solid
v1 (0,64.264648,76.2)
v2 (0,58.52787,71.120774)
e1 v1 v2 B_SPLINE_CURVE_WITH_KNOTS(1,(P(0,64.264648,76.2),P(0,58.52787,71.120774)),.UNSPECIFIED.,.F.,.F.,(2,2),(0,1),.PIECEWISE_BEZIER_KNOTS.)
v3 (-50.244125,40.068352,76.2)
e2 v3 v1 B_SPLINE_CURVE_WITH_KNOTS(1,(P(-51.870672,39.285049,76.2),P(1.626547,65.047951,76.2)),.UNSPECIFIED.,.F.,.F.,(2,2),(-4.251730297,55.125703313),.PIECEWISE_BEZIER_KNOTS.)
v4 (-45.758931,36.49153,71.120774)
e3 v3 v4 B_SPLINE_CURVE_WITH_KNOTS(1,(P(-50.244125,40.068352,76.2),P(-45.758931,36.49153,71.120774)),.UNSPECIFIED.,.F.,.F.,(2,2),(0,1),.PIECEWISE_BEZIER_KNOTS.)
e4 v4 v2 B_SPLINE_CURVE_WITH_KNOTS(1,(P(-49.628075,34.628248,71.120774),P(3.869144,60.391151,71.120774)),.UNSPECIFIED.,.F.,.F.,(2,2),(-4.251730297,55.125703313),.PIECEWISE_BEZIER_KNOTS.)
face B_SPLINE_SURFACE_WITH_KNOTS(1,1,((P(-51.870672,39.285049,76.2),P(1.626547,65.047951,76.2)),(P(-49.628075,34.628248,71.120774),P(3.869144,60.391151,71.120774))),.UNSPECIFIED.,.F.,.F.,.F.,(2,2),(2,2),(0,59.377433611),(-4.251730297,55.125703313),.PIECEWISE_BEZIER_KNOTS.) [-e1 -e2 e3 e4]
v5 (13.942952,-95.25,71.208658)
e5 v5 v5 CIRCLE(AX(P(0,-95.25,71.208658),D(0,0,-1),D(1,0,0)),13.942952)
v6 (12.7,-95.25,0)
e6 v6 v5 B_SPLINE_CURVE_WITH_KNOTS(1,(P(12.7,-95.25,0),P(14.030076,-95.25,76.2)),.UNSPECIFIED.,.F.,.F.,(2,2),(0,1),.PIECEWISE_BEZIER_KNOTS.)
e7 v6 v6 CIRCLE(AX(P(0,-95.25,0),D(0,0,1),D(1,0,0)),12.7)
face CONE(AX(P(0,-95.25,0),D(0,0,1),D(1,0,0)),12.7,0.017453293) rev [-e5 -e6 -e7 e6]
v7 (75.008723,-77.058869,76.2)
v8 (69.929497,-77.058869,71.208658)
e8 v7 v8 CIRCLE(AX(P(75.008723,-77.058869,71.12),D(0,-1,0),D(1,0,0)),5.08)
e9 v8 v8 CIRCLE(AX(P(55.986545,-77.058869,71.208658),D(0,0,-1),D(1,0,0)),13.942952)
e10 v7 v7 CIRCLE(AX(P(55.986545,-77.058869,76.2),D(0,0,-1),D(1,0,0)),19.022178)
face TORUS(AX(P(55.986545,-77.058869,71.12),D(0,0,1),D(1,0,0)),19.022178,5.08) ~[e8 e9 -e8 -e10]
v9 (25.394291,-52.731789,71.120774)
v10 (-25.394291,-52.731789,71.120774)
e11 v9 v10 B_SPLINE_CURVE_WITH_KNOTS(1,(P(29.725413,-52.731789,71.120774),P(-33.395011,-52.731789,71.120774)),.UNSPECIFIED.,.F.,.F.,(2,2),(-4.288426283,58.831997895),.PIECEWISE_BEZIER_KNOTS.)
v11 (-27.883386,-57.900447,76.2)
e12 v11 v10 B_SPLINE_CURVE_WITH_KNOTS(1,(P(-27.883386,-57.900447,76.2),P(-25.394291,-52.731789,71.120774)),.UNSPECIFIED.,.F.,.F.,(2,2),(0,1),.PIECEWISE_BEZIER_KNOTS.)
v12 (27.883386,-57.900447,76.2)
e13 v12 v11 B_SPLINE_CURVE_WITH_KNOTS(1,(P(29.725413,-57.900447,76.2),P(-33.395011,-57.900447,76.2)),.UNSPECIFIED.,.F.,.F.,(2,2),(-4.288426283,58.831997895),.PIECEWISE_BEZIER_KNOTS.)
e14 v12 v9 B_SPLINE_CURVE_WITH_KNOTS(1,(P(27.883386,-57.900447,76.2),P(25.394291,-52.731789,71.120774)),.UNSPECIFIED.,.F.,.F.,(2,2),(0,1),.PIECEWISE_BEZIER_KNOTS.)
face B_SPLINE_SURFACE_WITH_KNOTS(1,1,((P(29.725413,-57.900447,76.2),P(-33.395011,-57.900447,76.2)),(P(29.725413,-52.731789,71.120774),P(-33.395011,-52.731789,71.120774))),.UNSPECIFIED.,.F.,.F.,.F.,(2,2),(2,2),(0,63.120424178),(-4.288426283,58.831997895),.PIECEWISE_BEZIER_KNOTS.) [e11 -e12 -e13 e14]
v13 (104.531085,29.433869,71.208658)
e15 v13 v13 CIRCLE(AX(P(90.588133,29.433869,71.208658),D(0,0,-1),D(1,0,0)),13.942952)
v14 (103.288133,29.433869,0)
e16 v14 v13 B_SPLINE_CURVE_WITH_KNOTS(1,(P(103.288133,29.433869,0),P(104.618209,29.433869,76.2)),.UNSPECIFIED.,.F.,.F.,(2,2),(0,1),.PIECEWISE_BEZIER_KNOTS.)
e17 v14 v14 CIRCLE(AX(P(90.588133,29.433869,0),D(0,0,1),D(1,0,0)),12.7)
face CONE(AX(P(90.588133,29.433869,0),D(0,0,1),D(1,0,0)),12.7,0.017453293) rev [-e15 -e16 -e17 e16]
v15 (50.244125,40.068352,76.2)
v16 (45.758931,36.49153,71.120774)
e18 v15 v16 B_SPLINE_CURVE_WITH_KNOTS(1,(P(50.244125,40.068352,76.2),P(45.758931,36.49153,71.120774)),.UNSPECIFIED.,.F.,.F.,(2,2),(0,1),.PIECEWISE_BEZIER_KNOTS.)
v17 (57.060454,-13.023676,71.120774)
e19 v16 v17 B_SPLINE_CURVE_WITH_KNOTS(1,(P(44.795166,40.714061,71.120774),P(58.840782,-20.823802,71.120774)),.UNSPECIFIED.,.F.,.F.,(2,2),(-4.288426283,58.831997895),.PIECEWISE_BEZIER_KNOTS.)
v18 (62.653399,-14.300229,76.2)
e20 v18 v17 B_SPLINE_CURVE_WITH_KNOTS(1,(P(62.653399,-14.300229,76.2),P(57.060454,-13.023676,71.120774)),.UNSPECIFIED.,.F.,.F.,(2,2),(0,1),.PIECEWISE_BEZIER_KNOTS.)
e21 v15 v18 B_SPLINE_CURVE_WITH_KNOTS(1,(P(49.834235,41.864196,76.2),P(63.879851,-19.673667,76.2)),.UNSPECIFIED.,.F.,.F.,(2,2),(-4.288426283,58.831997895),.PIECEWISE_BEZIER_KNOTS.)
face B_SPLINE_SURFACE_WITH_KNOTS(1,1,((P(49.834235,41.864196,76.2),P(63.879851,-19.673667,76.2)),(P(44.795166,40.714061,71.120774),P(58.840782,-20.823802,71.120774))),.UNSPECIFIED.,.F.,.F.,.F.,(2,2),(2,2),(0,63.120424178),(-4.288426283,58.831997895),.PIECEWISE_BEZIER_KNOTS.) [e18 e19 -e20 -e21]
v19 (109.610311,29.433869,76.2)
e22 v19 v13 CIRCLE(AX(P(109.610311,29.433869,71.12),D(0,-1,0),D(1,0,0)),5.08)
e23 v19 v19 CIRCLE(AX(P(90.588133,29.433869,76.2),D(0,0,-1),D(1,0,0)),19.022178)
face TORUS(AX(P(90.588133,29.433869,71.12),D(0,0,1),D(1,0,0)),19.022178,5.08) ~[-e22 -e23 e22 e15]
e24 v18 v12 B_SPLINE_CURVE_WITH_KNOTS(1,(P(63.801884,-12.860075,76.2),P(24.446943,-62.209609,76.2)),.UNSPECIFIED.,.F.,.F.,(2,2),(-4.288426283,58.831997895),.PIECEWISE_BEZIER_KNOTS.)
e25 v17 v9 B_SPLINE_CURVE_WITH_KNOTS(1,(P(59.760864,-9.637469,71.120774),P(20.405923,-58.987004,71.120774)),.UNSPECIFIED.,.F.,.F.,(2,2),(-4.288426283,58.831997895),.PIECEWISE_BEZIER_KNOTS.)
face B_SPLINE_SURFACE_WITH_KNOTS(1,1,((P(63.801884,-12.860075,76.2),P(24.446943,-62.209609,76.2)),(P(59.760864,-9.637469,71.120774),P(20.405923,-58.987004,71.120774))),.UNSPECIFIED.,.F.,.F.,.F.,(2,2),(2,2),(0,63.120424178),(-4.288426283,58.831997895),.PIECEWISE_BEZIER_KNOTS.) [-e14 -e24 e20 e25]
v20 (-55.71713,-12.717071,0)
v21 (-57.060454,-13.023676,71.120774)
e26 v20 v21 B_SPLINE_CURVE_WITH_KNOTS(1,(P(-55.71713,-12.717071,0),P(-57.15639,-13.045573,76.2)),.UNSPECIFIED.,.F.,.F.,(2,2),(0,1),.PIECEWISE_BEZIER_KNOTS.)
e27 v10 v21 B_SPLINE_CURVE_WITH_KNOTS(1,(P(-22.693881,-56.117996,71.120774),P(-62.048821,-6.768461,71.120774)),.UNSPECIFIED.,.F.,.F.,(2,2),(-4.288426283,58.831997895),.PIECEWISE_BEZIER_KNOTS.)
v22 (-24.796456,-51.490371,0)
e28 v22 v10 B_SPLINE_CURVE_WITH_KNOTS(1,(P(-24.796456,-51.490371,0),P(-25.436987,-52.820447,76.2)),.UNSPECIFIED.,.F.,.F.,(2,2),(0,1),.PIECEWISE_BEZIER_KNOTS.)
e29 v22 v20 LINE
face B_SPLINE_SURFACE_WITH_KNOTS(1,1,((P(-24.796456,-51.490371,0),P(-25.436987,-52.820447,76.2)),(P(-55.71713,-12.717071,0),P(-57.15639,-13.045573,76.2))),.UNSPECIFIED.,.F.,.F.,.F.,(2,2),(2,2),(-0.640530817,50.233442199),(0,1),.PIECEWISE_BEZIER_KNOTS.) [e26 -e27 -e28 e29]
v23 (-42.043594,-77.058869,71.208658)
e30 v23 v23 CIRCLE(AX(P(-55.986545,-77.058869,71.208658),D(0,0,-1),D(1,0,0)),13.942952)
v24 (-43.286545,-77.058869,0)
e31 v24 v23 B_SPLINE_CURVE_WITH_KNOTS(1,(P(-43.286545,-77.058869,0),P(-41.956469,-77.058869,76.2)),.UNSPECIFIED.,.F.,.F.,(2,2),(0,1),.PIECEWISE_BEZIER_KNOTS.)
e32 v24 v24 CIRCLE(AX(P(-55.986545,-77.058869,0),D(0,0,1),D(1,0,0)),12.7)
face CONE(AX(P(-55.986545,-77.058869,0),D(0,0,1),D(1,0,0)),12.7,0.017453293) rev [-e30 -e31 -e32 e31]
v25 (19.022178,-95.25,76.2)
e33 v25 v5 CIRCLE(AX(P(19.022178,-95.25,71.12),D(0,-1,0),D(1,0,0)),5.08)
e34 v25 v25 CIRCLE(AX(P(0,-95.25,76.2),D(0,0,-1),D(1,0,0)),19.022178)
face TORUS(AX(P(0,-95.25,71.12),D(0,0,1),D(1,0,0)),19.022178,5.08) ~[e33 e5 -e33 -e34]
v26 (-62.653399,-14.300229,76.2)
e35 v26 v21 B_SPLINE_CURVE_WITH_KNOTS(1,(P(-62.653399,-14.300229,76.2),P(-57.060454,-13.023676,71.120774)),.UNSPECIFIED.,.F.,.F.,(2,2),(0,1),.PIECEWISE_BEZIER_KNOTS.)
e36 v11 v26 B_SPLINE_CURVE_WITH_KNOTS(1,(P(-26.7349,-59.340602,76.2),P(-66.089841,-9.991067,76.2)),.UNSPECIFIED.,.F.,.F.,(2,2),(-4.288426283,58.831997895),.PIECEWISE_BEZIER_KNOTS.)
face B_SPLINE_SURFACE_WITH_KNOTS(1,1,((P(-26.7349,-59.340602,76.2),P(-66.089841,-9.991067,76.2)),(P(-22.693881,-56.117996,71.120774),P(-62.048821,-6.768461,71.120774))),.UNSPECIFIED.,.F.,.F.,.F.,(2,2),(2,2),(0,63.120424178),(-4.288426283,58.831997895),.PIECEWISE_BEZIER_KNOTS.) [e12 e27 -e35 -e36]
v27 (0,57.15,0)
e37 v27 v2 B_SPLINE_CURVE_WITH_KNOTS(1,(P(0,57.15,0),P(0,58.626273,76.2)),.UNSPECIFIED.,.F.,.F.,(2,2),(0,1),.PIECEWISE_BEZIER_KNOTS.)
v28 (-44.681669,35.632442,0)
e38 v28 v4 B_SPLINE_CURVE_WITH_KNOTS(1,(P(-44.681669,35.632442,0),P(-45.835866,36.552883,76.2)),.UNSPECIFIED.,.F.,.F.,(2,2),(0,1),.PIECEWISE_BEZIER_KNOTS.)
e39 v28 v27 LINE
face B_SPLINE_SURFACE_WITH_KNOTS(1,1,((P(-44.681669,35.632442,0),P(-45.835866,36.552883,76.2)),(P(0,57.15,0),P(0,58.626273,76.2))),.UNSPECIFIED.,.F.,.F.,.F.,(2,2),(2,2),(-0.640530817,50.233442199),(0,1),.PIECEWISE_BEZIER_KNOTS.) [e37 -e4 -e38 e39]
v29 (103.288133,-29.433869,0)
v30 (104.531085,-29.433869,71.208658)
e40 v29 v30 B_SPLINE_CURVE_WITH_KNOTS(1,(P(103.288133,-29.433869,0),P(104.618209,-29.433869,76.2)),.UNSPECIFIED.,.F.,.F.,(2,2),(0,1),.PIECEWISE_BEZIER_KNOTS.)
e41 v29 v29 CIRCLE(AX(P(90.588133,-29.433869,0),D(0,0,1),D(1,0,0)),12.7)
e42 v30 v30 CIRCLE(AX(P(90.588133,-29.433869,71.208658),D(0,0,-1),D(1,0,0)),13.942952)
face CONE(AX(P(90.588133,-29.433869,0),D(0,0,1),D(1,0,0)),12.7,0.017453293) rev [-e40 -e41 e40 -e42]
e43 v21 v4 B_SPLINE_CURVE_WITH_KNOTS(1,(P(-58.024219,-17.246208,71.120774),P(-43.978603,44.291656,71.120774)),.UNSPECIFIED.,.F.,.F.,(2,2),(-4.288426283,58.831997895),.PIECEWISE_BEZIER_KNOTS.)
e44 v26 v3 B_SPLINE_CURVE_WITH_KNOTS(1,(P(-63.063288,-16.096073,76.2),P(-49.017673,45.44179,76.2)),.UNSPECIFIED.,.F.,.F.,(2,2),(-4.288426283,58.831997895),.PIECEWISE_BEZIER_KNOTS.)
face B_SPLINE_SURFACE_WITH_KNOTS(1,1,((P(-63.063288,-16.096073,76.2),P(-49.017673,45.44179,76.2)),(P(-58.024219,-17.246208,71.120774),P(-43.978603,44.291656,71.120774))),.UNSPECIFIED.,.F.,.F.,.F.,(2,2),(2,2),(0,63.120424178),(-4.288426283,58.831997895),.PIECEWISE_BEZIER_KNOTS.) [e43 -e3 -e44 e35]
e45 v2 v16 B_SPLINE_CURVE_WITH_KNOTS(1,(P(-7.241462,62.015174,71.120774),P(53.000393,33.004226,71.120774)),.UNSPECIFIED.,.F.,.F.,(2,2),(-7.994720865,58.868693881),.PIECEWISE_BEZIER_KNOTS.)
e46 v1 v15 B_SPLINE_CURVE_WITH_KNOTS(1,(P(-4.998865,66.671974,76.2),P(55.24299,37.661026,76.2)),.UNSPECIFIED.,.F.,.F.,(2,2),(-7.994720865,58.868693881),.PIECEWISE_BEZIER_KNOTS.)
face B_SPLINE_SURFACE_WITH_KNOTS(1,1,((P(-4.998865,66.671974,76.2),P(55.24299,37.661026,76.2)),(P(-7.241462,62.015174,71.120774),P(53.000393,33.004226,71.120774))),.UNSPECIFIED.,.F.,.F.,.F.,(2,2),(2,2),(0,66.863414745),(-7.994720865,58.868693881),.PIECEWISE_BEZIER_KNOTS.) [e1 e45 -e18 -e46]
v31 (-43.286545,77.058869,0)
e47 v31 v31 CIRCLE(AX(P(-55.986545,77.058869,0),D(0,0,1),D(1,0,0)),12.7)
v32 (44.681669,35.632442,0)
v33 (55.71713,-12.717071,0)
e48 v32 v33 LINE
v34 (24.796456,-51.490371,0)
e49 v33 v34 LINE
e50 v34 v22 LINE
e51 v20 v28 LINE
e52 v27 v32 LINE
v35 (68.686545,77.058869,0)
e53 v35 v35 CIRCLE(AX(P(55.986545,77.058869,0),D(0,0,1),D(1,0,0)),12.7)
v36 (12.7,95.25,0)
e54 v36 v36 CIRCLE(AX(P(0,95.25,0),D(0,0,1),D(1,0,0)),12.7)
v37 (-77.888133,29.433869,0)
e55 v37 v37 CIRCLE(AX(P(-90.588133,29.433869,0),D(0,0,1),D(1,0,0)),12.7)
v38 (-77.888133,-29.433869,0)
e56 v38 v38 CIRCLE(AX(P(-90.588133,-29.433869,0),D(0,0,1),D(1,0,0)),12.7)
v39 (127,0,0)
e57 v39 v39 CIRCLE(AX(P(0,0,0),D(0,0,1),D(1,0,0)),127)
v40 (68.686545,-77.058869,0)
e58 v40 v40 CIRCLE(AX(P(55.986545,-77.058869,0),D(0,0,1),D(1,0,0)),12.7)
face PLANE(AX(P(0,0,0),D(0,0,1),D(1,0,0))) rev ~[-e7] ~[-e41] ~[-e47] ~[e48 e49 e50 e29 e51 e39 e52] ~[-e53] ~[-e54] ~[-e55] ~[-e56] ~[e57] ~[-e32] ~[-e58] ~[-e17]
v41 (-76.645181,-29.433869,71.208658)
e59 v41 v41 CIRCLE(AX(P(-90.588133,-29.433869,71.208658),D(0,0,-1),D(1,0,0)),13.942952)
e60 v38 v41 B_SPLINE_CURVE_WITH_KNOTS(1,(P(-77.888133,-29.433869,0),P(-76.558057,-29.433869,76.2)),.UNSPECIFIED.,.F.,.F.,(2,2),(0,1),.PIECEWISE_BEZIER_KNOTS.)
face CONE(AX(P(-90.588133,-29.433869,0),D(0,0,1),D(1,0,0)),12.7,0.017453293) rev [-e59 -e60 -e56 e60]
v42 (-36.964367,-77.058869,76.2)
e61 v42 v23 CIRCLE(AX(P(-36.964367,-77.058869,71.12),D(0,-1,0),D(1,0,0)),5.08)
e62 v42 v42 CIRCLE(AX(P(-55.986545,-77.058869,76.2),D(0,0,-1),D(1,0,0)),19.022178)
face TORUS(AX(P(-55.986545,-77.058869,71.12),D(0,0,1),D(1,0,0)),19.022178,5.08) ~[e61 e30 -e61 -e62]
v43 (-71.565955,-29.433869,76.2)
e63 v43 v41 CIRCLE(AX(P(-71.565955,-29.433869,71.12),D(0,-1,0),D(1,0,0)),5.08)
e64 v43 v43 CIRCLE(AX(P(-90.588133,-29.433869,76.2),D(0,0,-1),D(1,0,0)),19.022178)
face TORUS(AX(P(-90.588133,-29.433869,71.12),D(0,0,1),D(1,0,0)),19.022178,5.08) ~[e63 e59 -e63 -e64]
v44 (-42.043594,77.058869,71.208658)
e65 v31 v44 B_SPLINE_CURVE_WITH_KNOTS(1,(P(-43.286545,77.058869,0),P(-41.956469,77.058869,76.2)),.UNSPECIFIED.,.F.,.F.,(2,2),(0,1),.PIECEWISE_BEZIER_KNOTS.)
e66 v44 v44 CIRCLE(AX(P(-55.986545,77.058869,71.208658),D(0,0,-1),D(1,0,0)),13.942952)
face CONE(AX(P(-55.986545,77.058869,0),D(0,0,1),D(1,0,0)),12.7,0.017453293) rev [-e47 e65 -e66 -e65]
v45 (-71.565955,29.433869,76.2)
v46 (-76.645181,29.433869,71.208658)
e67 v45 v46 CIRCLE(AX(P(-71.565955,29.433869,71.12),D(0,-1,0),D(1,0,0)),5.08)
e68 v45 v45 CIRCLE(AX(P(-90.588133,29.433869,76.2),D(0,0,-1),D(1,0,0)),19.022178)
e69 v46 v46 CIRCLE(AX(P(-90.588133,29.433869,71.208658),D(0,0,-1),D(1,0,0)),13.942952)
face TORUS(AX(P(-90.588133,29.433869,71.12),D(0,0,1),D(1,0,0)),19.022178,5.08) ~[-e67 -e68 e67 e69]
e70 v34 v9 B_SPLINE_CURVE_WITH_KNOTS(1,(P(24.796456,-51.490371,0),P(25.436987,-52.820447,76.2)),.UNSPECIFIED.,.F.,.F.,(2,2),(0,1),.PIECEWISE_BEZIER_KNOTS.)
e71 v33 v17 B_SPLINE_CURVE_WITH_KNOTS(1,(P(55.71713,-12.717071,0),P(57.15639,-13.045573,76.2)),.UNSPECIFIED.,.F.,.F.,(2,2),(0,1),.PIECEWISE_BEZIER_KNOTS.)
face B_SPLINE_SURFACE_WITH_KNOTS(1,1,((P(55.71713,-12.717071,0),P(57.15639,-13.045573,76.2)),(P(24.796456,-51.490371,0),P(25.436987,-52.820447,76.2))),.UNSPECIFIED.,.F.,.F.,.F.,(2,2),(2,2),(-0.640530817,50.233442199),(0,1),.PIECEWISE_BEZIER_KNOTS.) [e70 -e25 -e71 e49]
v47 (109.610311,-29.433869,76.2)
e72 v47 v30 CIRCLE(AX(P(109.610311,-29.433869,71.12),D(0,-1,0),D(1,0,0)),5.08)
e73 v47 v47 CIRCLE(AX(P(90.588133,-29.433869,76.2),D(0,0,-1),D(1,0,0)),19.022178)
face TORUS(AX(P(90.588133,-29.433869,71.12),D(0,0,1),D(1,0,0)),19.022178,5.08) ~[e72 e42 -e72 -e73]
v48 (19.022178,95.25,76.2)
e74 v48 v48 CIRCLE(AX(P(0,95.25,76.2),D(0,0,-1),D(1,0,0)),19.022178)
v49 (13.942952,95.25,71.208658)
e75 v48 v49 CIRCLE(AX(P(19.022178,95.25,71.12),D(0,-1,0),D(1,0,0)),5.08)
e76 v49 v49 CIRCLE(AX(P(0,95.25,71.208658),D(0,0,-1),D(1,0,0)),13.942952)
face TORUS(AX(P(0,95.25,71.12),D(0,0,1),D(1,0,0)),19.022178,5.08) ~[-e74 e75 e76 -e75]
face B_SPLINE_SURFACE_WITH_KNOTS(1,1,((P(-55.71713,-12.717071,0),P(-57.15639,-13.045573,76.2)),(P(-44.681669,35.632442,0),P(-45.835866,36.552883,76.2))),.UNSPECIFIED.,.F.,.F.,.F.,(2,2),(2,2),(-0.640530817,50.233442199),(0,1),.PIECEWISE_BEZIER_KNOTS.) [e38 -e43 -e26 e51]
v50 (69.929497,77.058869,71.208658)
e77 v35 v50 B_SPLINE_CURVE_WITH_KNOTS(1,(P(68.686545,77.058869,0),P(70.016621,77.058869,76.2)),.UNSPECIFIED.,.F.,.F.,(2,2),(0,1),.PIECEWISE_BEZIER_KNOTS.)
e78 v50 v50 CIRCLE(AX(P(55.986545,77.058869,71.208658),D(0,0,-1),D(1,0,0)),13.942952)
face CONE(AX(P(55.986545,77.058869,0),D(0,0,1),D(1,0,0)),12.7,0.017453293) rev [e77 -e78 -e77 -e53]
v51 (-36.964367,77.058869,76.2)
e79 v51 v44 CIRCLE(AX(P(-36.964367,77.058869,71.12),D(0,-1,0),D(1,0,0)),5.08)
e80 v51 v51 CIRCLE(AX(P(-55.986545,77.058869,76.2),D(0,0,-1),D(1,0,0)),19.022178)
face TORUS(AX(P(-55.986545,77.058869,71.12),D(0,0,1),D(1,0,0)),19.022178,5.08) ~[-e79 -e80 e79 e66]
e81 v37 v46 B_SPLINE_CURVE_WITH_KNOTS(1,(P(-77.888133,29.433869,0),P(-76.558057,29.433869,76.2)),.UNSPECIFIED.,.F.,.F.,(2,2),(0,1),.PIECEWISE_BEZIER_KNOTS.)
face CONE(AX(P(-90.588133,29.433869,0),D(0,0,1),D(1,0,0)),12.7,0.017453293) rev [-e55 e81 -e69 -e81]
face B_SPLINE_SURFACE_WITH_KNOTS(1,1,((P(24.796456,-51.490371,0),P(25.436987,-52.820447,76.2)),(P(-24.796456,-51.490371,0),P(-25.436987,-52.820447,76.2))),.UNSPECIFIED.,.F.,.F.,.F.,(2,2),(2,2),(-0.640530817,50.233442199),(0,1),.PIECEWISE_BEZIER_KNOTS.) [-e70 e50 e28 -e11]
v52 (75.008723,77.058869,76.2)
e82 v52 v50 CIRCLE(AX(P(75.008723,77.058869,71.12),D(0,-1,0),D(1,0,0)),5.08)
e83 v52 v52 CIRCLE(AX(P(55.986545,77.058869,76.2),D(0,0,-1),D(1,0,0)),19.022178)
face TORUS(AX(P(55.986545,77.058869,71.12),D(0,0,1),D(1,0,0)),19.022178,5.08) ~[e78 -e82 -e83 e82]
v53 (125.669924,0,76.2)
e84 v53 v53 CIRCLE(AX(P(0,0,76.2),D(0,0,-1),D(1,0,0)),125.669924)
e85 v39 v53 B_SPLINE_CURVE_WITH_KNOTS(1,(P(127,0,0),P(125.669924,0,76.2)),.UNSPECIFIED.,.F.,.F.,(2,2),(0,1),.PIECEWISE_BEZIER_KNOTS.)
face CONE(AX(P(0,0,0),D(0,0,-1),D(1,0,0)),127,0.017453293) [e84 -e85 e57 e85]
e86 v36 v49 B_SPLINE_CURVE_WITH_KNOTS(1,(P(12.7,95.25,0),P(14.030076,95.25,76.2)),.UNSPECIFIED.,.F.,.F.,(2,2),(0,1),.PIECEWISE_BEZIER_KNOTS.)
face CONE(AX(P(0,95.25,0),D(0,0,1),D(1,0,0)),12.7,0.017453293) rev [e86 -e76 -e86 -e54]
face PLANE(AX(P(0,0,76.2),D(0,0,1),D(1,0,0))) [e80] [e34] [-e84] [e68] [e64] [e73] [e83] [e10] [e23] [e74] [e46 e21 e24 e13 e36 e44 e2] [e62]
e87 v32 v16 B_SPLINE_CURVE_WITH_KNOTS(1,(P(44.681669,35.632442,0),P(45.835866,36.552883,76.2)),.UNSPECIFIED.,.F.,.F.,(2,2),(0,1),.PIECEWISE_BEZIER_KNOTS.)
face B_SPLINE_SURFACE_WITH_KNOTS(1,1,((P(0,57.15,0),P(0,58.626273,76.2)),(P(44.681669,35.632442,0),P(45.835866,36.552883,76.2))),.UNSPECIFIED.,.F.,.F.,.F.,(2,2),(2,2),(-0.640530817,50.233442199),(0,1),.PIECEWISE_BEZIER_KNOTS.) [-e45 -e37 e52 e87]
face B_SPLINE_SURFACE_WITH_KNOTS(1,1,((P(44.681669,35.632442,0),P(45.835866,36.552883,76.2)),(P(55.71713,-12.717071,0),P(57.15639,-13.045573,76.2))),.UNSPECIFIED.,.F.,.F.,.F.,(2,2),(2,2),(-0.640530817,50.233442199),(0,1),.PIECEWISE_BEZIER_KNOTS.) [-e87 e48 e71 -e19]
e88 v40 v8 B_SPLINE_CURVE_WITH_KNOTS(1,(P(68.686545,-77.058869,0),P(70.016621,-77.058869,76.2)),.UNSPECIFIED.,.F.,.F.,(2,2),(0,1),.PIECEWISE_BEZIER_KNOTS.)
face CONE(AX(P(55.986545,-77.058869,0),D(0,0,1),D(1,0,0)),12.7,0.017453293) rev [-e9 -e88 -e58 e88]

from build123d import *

# Parameters (mm, degrees)
F0_R     = 127
F0_R_2   = 12.7
F1_DEPTH = 76.2
F1_TAPER = 1
F2_SIZE  = 5.08
F3_R     = 5.08


with BuildPart() as f1:
    # F0 (on Top) → F1 (new body)
    with BuildSketch(Plane.XY):
        Circle(F0_R)
        with Locations((-55.9865452809, -77.0588687142)):
            Circle(F0_R_2, mode=Mode.SUBTRACT)
        with Locations((-90.5881331771, -29.4338687142)):
            Circle(F0_R_2, mode=Mode.SUBTRACT)
        with Locations((0, -95.25)):
            Circle(F0_R_2, mode=Mode.SUBTRACT)
        with Locations((55.9865452809, -77.0588687142)):
            Circle(F0_R_2, mode=Mode.SUBTRACT)
        with Locations((90.5881331771, -29.4338687142)):
            Circle(F0_R_2, mode=Mode.SUBTRACT)
        with Locations((-90.5881331771, 29.4338687142)):
            Circle(F0_R_2, mode=Mode.SUBTRACT)
        with Locations((-55.9865452809, 77.0588687142)):
            Circle(F0_R_2, mode=Mode.SUBTRACT)
        Polygon((-44.681669223, 35.6324421762), (0, 57.15), (44.681669223, 35.6324421762), (55.7171301812, -12.7170713756), (24.7964556906, -51.4903708006), (-24.7964556906, -51.4903708006), (-55.7171301812, -12.7170713756), align=None, mode=Mode.SUBTRACT)
        with Locations((90.5881331771, 29.4338687142)):
            Circle(F0_R_2, mode=Mode.SUBTRACT)
        with Locations((55.9865452809, 77.0588687142)):
            Circle(F0_R_2, mode=Mode.SUBTRACT)
        with Locations((0, 95.25)):
            Circle(F0_R_2, mode=Mode.SUBTRACT)
    extrude(amount=F1_DEPTH, taper=F1_TAPER)

    # F2
    f2_edges = [f1.edges().sort_by_distance(p)[0] for p in [
        (22.917933, 47.589578, 76.2),
        (51.496128, 11.753655, 76.2),
        (41.296688, -32.93301, 76.2),
        (0, -52.820447, 76.2),
        (-41.296688, -32.93301, 76.2),
        (-51.496128, 11.753655, 76.2),
        (-22.917933, 47.589578, 76.2),
    ]]
    chamfer(f2_edges, length=F2_SIZE)

    # F3
    f3_edges = [f1.edges().sort_by_distance(p)[0] for p in [
        (76.558057, 29.433869, 76.2),
        (76.558057, -29.433869, 76.2),
        (41.956469, -77.058869, 76.2),
        (-14.030076, -95.25, 76.2),
        (-70.016621, -77.058869, 76.2),
        (-104.618209, -29.433869, 76.2),
        (-104.618209, 29.433869, 76.2),
        (-70.016621, 77.058869, 76.2),
        (-14.030076, 95.25, 76.2),
        (41.956469, 77.058869, 76.2),
    ]]
    fillet(f3_edges, radius=F3_R)


solid = f1.part
